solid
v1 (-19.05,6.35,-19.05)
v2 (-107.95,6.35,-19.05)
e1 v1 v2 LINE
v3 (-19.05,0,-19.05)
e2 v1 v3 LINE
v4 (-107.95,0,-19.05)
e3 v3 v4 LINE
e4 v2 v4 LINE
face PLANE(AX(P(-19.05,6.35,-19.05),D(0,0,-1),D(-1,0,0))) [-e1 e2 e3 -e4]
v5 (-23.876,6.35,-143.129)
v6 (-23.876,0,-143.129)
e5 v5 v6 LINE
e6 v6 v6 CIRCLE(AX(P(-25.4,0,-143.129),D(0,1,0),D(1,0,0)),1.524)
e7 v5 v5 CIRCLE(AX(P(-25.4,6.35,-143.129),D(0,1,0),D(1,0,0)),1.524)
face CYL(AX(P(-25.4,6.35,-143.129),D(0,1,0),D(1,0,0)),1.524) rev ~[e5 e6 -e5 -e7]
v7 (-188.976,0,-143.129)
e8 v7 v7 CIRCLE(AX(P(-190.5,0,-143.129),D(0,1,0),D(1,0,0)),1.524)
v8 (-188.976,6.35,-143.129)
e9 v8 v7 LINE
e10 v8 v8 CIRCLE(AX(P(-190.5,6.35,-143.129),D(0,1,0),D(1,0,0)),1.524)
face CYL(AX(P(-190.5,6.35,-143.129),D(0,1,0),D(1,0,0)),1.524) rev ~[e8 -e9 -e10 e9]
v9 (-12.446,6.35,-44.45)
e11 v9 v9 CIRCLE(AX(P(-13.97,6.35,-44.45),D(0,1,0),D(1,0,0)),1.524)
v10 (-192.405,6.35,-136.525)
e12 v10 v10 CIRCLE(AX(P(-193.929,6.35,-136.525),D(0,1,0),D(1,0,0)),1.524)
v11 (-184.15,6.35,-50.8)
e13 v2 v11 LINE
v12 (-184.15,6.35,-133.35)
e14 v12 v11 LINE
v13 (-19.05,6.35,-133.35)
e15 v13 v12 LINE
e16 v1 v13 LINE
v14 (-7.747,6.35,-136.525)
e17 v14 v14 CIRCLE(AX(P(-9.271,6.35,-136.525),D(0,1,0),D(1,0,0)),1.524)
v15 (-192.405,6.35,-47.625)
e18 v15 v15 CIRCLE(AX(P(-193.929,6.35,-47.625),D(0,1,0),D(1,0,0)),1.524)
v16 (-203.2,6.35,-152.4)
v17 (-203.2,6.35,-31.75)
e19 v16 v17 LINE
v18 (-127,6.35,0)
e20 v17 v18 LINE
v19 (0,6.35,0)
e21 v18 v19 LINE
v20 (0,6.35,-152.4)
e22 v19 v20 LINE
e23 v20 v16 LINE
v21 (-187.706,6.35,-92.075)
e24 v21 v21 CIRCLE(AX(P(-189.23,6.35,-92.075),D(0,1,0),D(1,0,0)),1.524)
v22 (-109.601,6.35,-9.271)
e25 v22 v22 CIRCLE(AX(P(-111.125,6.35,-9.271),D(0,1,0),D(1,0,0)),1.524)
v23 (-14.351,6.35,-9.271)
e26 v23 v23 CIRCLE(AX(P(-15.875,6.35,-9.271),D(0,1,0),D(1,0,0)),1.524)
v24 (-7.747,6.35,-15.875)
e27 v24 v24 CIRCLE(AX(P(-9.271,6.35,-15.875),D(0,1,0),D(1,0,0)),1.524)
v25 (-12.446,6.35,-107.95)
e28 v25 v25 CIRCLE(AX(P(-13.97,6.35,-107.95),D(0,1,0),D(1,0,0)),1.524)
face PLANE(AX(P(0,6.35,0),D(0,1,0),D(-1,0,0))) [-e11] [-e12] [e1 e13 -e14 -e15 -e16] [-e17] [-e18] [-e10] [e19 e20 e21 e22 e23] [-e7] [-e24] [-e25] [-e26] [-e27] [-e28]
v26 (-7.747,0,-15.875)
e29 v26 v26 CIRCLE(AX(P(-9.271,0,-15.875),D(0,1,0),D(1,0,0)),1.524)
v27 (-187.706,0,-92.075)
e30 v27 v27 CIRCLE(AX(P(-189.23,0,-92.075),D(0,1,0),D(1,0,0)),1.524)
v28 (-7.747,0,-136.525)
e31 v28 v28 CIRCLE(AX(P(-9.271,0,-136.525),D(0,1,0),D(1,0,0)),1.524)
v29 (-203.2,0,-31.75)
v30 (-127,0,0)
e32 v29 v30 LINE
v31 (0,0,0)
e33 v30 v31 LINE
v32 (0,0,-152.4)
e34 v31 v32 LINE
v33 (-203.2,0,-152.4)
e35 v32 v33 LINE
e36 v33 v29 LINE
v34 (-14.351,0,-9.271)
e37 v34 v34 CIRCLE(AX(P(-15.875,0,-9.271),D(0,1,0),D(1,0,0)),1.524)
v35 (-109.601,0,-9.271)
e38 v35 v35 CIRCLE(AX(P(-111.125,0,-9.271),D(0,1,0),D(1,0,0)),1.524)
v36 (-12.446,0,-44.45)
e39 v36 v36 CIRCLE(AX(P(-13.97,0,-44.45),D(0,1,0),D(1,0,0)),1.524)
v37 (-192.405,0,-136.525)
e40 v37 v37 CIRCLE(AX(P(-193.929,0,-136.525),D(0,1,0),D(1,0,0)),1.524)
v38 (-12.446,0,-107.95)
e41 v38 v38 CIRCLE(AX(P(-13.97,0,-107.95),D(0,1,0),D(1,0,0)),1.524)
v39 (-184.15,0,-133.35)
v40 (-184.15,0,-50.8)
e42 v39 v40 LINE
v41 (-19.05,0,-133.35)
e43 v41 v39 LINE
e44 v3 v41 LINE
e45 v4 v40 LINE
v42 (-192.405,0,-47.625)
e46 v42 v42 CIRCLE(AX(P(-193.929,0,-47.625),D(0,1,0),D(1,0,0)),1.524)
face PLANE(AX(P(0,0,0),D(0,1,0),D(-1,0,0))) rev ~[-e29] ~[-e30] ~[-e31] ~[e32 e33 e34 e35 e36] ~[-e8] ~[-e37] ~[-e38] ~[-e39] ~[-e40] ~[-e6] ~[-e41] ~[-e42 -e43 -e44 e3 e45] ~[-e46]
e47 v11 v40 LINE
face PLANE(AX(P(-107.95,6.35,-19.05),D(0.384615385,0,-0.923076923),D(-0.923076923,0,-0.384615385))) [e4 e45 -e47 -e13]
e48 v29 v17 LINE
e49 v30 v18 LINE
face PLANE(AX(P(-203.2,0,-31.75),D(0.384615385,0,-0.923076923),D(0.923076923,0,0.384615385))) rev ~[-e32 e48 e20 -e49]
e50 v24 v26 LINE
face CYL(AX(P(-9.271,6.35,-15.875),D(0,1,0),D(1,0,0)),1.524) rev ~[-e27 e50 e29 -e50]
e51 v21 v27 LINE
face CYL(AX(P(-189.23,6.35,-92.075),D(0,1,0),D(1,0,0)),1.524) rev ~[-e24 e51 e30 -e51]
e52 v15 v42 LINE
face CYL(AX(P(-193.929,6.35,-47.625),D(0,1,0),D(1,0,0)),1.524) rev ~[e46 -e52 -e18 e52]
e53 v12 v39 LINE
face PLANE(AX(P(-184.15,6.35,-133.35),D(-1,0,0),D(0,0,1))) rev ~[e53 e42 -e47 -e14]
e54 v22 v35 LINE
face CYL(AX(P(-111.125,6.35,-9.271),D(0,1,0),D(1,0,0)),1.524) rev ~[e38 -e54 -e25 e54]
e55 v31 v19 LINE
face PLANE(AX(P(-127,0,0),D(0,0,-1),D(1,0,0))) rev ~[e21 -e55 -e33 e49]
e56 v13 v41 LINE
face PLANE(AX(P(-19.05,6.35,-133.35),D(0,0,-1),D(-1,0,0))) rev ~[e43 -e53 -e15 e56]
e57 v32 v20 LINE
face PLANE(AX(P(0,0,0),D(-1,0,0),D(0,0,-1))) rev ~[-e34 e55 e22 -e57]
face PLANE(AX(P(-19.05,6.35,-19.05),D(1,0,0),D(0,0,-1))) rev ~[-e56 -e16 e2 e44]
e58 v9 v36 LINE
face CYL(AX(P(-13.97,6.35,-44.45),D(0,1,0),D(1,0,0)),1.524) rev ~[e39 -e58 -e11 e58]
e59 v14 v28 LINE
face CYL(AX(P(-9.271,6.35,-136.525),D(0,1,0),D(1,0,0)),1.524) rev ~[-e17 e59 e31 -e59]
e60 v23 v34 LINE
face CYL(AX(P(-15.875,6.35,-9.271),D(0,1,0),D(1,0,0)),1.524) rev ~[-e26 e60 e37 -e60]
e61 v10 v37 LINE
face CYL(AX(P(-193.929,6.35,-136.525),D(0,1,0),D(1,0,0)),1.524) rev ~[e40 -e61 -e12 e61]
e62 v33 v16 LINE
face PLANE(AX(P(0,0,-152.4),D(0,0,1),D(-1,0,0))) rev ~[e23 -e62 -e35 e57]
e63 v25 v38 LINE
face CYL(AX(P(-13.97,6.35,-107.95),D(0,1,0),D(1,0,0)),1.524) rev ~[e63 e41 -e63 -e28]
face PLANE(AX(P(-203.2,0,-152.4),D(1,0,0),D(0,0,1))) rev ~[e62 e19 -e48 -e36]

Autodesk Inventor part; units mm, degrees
ref_plane "YZ Plane" through (0, 0, 0) normal (1, 0, 0) x (0, 1, 0)
ref_plane "XZ Plane" through (0, 0, 0) normal (0, 1, 0) x (-1, 0, 0)
ref_plane "XY Plane" through (0, 0, 0) normal (0, 0, 1) x (1, 0, 0)
sketch "Sketch1" plane through (0, 0, 0) normal (0, 1, 0) x (-1, 0, 0)
  line L0 (0, 0) -> (0, -152.4)
  line L1 (0, -152.4) -> (203.2, -152.4)
  line L2 (203.2, -152.4) -> (203.2, -31.75)
  line L3 (203.2, -31.75) -> (127, 0)
  line L4 (127, 0) -> (0, 0)
  dimension "d0" = 120.65
  dimension "d1" = 203.2
  dimension "d2" = 127
  dimension "d3" = 152.4
extrude "Extrusion1" add sketch "Sketch1" along normal blind 6.35
sketch "Sketch3" plane through (0, 6.35, 0) normal (0, 1, 0) x (1, 0, 0)
  line L0 (0, 0) -> (0, 152.4) projected
  line L1 (0, 152.4) -> (-203.2, 152.4) projected
  line L2 (-203.2, 152.4) -> (-203.2, 31.75) projected
  line L3 (-203.2, 31.75) -> (-127, 0) projected
  line L4 (-127, 0) -> (0, 0) projected
  line L5 (-19.05, 19.05) -> (-19.05, 133.35)
  line L6 (-19.05, 133.35) -> (-184.15, 133.35)
  line L7 (-184.15, 133.35) -> (-184.15, 50.8)
  line L8 (-19.05, 19.05) -> (-107.95, 19.05)
  line L9 (-107.95, 19.05) -> (-184.15, 50.8)
  circle A0 centre (-9.271, 15.875) radius 1.524
  circle A1 centre (-9.271, 136.525) radius 1.524
  circle A2 centre (-25.4, 143.129) radius 1.524
  circle A3 centre (-190.5, 143.129) radius 1.524
  circle A4 centre (-193.929, 47.625) radius 1.524
  circle A5 centre (-193.929, 136.525) radius 1.524
  circle A6 centre (-15.875, 9.271) radius 1.524
  circle A7 centre (-111.125, 9.271) radius 1.524
  dimension "d10" = 120.65
  dimension "d11" = 82.55
  dimension "d12" = 203.2
  dimension "d13" = 165.1
  dimension "d14" = 114.3
  dimension "d15" = 88.9
  dimension "d16" = 19.05
  dimension "d17" = 19.05
  dimension "d18" = 3.048
  dimension "d19" = 3.048
  dimension "d20" = 120.65
  dimension "d21" = 3.048
  dimension "d22" = 3.048
  dimension "d23" = 15.875
  dimension "d24" = 9.271
  dimension "d25" = 9.271
  dimension "d26" = 9.271
  dimension "d27" = 25.4
  dimension "d28" = 12.7
  dimension "d29" = 9.271
  dimension "d30" = 3.048
  dimension "d31" = 3.048
  dimension "d32" = 88.9
  dimension "d33" = 15.875
  dimension "d34" = 9.271
  dimension "d35" = 9.271
  dimension "d36" = 3.048
  dimension "d37" = 9.271
  dimension "d38" = 15.875
  dimension "d39" = 3.048
  dimension "d40" = 15.875
  dimension "d41" = 9.271
extrude "Extrusion2" cut sketch "Sketch3" against normal blind 6.35 contours L8 L9 L7 L6 L5 | A0 | A1 | A2 | A3 | A4 | A5 | A6 | A7
sketch "Sketch4" plane through (0, 6.35, 0) normal (0, 1, 0) x (1, 0, 0)
  circle A0 centre (-13.97, 44.45) radius 1.524
  circle A1 centre (-13.97, 107.95) radius 1.524
  circle A2 centre (-189.23, 92.075) radius 1.524
  line L0 (-107.95, 19.05) -> (-184.15, 50.8) projected
  line L1 (-184.15, 50.8) -> (-184.15, 133.35) projected
  line L2 (-19.05, 133.35) -> (-19.05, 19.05) projected
  point P0 (0, 0)
  dimension "d44" = 3.048
  dimension "d45" = 3.048
  dimension "d46" = 3.048
  dimension "d47" = 82.55
  dimension "d48" = 41.275
  dimension "d49" = 5.08
  dimension "d50" = 25.4
  dimension "d51" = 25.4
  dimension "d52" = 5.08
  dimension "d53" = 5.08
extrude "Extrusion3" cut sketch "Sketch4" against normal blind 6.35
properties part number "Panel"
